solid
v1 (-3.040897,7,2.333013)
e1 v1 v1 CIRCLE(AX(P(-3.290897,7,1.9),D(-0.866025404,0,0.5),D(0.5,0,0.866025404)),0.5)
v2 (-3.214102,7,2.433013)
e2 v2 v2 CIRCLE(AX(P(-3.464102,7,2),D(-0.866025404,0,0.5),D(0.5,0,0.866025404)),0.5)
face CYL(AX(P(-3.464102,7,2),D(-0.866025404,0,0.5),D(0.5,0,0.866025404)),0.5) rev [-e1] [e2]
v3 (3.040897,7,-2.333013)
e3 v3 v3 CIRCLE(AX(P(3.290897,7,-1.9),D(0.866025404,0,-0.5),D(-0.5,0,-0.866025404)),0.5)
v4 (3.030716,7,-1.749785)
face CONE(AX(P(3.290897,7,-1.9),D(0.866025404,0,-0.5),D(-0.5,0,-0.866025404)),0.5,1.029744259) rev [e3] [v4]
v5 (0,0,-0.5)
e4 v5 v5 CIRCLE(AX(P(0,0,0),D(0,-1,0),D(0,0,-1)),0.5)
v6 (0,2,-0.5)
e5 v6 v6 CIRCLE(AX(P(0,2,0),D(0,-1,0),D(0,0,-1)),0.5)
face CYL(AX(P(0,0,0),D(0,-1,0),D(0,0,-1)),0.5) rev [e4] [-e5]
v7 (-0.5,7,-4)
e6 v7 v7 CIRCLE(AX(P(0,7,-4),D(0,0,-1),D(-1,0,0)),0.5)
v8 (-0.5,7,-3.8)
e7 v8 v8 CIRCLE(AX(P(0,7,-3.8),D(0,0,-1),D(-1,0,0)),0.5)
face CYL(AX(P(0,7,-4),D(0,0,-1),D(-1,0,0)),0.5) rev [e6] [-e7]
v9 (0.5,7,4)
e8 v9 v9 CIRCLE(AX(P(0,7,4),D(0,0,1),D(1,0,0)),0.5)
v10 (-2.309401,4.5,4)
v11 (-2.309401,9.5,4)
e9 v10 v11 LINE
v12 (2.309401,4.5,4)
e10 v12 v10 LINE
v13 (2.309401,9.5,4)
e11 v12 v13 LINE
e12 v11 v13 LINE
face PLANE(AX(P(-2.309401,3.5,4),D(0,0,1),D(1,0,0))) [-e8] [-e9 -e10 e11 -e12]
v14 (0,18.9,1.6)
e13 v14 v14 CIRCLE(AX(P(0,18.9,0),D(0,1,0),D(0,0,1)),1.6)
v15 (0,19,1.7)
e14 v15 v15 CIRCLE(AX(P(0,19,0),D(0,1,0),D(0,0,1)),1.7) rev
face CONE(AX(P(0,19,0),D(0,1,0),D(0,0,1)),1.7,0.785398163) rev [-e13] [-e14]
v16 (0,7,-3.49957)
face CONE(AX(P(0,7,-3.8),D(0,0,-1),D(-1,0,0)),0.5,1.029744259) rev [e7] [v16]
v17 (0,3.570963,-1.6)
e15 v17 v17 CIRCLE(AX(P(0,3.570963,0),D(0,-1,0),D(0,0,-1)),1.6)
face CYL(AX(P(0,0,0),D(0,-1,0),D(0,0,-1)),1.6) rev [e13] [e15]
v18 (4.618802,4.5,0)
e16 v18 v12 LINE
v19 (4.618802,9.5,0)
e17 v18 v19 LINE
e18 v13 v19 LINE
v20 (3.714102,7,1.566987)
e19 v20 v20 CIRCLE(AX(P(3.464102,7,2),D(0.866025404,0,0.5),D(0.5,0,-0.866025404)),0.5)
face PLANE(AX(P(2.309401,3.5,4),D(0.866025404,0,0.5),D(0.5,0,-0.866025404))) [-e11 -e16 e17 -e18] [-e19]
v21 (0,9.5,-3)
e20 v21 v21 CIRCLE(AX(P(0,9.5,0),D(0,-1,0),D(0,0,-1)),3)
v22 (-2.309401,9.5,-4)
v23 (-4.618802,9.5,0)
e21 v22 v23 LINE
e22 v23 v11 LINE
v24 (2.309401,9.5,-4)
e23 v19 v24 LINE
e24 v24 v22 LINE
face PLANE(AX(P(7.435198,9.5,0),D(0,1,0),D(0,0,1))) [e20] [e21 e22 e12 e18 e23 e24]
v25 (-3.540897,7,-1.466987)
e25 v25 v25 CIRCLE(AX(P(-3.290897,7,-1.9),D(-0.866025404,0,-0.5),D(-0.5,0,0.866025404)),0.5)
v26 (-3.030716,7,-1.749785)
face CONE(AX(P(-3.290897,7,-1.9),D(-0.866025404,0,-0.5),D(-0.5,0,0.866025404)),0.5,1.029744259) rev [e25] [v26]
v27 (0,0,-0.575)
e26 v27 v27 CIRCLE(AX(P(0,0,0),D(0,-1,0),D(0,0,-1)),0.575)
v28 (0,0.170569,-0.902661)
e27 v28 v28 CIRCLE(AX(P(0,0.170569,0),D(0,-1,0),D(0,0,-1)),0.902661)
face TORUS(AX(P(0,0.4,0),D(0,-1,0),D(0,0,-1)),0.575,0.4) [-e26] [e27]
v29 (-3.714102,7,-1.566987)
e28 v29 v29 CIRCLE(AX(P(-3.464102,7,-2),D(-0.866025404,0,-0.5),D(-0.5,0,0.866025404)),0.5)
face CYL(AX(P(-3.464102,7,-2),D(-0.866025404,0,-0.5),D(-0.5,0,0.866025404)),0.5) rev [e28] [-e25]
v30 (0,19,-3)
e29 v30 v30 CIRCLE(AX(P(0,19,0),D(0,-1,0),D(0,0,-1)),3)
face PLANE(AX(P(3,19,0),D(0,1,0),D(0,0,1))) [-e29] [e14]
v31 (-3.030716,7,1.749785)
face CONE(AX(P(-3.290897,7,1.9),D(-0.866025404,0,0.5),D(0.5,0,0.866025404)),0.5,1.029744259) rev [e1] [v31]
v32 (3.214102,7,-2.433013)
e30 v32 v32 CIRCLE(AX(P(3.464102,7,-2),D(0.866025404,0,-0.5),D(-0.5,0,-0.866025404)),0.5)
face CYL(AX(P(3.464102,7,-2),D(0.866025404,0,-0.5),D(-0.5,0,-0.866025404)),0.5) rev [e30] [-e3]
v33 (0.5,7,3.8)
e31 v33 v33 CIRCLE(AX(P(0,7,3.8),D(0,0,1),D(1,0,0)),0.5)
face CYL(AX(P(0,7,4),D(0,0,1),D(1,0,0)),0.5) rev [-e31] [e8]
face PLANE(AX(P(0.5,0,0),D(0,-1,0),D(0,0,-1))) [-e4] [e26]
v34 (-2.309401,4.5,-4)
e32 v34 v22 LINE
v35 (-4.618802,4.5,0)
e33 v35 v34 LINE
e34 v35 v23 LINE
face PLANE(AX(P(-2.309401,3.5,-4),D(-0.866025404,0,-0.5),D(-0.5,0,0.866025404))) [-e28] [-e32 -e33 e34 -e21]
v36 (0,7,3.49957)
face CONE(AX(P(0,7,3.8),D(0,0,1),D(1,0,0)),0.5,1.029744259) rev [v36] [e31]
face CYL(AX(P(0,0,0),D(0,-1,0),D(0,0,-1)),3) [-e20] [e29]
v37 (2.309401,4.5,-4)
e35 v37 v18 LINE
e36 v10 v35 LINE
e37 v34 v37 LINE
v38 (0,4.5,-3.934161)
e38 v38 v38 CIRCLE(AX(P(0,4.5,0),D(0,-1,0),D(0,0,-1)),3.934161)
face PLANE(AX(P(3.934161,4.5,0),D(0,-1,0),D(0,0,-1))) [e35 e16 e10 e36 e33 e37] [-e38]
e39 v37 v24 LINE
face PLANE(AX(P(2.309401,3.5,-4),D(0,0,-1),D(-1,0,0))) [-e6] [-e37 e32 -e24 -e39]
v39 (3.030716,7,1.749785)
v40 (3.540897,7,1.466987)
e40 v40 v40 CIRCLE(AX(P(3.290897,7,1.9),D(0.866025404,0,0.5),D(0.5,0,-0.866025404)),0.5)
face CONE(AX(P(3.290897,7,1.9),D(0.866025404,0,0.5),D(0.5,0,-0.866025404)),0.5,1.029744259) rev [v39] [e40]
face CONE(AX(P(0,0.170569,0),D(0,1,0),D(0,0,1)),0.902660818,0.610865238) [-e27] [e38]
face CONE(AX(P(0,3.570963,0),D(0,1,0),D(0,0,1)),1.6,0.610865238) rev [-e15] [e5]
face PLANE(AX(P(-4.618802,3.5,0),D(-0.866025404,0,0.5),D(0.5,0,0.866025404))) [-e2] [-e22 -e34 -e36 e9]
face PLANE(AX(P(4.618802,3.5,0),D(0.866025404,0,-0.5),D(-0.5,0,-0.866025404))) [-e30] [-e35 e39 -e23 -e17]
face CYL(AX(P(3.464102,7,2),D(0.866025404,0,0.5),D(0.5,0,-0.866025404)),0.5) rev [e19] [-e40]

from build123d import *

# Parameters (mm, degrees)
CORTAR_EXTRUIR1_START                       = 1
CROQUIS2_R                                  = 7.435198433
CORTAR_EXTRUIR1_DEPTH                       = 7
CHAFL_N1_SIZE                               = 0.1
DI_METRO_DE_TALADRO_1_0_1_1_D               = 1
DI_METRO_DE_TALADRO_1_0_1_1_DEPTH           = 0.2
DI_METRO_DE_TALADRO_1_0_1_1_TIP             = 0.30043031
DI_METRO_DE_TALADRO_1_0_1_1_ON_FACE_2_D     = 1
DI_METRO_DE_TALADRO_1_0_1_1_ON_FACE_2_DEPTH = 0.2
DI_METRO_DE_TALADRO_1_0_1_1_ON_FACE_2_TIP   = 0.30043031
DI_METRO_DE_TALADRO_1_0_1_1_ON_FACE_3_D     = 1
DI_METRO_DE_TALADRO_1_0_1_1_ON_FACE_3_DEPTH = 0.2
DI_METRO_DE_TALADRO_1_0_1_1_ON_FACE_3_TIP   = 0.30043031
DI_METRO_DE_TALADRO_1_0_1_1_ON_FACE_4_D     = 1
DI_METRO_DE_TALADRO_1_0_1_1_ON_FACE_4_DEPTH = 0.2
DI_METRO_DE_TALADRO_1_0_1_1_ON_FACE_4_TIP   = 0.30043031
DI_METRO_DE_TALADRO_1_0_1_1_ON_FACE_5_D     = 1
DI_METRO_DE_TALADRO_1_0_1_1_ON_FACE_5_DEPTH = 0.2
DI_METRO_DE_TALADRO_1_0_1_1_ON_FACE_5_TIP   = 0.30043031
DI_METRO_DE_TALADRO_1_0_1_1_ON_FACE_6_D     = 1
DI_METRO_DE_TALADRO_1_0_1_1_ON_FACE_6_DEPTH = 0.2
DI_METRO_DE_TALADRO_1_0_1_1_ON_FACE_6_TIP   = 0.30043031


with BuildPart() as part:
    # Croquis1 → Revolución1 (revolve)
    with BuildSketch(Plane.XY):
        with BuildLine():
            Line((0.5, 0), (0.575, 0))
            ThreePointArc((0.575, 0), (0.759699445, 0.045195667), (0.902660818, 0.170569425))
            Line((0.902660818, 0.170569425), (3.934160742, 4.5))
            Line((3.934160742, 4.5), (6.64058638, 4.5))
            Line((6.64058638, 4.5), (6.64058638, 8.36517638))
            Line((6.64058638, 8.36517638), (7.435198433, 9.5))
            Line((7.435198433, 9.5), (3, 9.5))
            Line((3, 9.5), (3, 19))
            Line((3, 19), (1.6, 19))
            Line((1.6, 19), (1.6, 3.570962807))
            Line((1.6, 3.570962807), (0.5, 2))
            Line((0.5, 2), (0.5, 0))
        make_face()
    revolve(axis=Axis((0, 0, 0), (0, 1, 0)))

    # Croquis2 → Cortar-Extruir1 (cut)
    with BuildSketch(Plane(origin=(0, 9.5, 0), x_dir=(1, 0, 0), z_dir=(0, 1, 0)).offset(CORTAR_EXTRUIR1_START)):
        Circle(CROQUIS2_R)
        Polygon((2.309401077, 4), (-2.309401077, 4), (-4.618802154, 0), (-2.309401077, -4), (2.309401077, -4), (4.618802154, 0), align=None, mode=Mode.SUBTRACT)
    extrude(amount=-CORTAR_EXTRUIR1_DEPTH, mode=Mode.SUBTRACT)

    # Chaflán1
    chafl_n1_edges = [part.edges().sort_by_distance(p)[0] for p in [
        (-1.6, 19, 0),
    ]]
    chamfer(chafl_n1_edges, length=CHAFL_N1_SIZE)

    # Diámetro de taladro Ø1.0 (1)1
    with Locations(Plane(origin=(0, 7, 4), x_dir=(1, 0, 0), z_dir=(0, 0, 1))):
        with Locations((0, 0)):
            Hole(DI_METRO_DE_TALADRO_1_0_1_1_D / 2, depth=DI_METRO_DE_TALADRO_1_0_1_1_DEPTH)
            with Locations((0, 0, -(DI_METRO_DE_TALADRO_1_0_1_1_DEPTH + DI_METRO_DE_TALADRO_1_0_1_1_TIP / 2))):  # 118° drill point
                Cone(0, DI_METRO_DE_TALADRO_1_0_1_1_D / 2, DI_METRO_DE_TALADRO_1_0_1_1_TIP, mode=Mode.SUBTRACT)

    # Diámetro de taladro Ø1.0 (1)1 on face 2
    with Locations(Plane(origin=(3.464101615, 7, 2), x_dir=(-0.500000175, 0, 0.866025303), z_dir=(0.866025303, 0, 0.500000175))):
        with Locations((0, 0)):
            Hole(DI_METRO_DE_TALADRO_1_0_1_1_ON_FACE_2_D / 2, depth=DI_METRO_DE_TALADRO_1_0_1_1_ON_FACE_2_DEPTH)
            with Locations((0, 0, -(DI_METRO_DE_TALADRO_1_0_1_1_ON_FACE_2_DEPTH + DI_METRO_DE_TALADRO_1_0_1_1_ON_FACE_2_TIP / 2))):  # 118° drill point
                Cone(0, DI_METRO_DE_TALADRO_1_0_1_1_ON_FACE_2_D / 2, DI_METRO_DE_TALADRO_1_0_1_1_ON_FACE_2_TIP, mode=Mode.SUBTRACT)

    # Diámetro de taladro Ø1.0 (1)1 on face 3
    with Locations(Plane(origin=(3.464101615, 7, -2), x_dir=(0.500000175, 0, 0.866025303), z_dir=(0.866025303, 0, -0.500000175))):
        with Locations((0, 0)):
            Hole(DI_METRO_DE_TALADRO_1_0_1_1_ON_FACE_3_D / 2, depth=DI_METRO_DE_TALADRO_1_0_1_1_ON_FACE_3_DEPTH)
            with Locations((0, 0, -(DI_METRO_DE_TALADRO_1_0_1_1_ON_FACE_3_DEPTH + DI_METRO_DE_TALADRO_1_0_1_1_ON_FACE_3_TIP / 2))):  # 118° drill point
                Cone(0, DI_METRO_DE_TALADRO_1_0_1_1_ON_FACE_3_D / 2, DI_METRO_DE_TALADRO_1_0_1_1_ON_FACE_3_TIP, mode=Mode.SUBTRACT)

    # Diámetro de taladro Ø1.0 (1)1 on face 4
    with Locations(Plane(origin=(0, 7, -4), x_dir=(-1, 0, 0), z_dir=(0, 0, -1))):
        with Locations((0, 0)):
            Hole(DI_METRO_DE_TALADRO_1_0_1_1_ON_FACE_4_D / 2, depth=DI_METRO_DE_TALADRO_1_0_1_1_ON_FACE_4_DEPTH)
            with Locations((0, 0, -(DI_METRO_DE_TALADRO_1_0_1_1_ON_FACE_4_DEPTH + DI_METRO_DE_TALADRO_1_0_1_1_ON_FACE_4_TIP / 2))):  # 118° drill point
                Cone(0, DI_METRO_DE_TALADRO_1_0_1_1_ON_FACE_4_D / 2, DI_METRO_DE_TALADRO_1_0_1_1_ON_FACE_4_TIP, mode=Mode.SUBTRACT)

    # Diámetro de taladro Ø1.0 (1)1 on face 5
    with Locations(Plane(origin=(-3.464101615, 7, -2), x_dir=(0.500000175, 0, -0.866025303), z_dir=(-0.866025303, 0, -0.500000175))):
        with Locations((0, 0)):
            Hole(DI_METRO_DE_TALADRO_1_0_1_1_ON_FACE_5_D / 2, depth=DI_METRO_DE_TALADRO_1_0_1_1_ON_FACE_5_DEPTH)
            with Locations((0, 0, -(DI_METRO_DE_TALADRO_1_0_1_1_ON_FACE_5_DEPTH + DI_METRO_DE_TALADRO_1_0_1_1_ON_FACE_5_TIP / 2))):  # 118° drill point
                Cone(0, DI_METRO_DE_TALADRO_1_0_1_1_ON_FACE_5_D / 2, DI_METRO_DE_TALADRO_1_0_1_1_ON_FACE_5_TIP, mode=Mode.SUBTRACT)

    # Diámetro de taladro Ø1.0 (1)1 on face 6
    with Locations(Plane(origin=(-3.464101615, 7, 2), x_dir=(-0.500000175, 0, -0.866025303), z_dir=(-0.866025303, 0, 0.500000175))):
        with Locations((0, 0)):
            Hole(DI_METRO_DE_TALADRO_1_0_1_1_ON_FACE_6_D / 2, depth=DI_METRO_DE_TALADRO_1_0_1_1_ON_FACE_6_DEPTH)
            with Locations((0, 0, -(DI_METRO_DE_TALADRO_1_0_1_1_ON_FACE_6_DEPTH + DI_METRO_DE_TALADRO_1_0_1_1_ON_FACE_6_TIP / 2))):  # 118° drill point
                Cone(0, DI_METRO_DE_TALADRO_1_0_1_1_ON_FACE_6_D / 2, DI_METRO_DE_TALADRO_1_0_1_1_ON_FACE_6_TIP, mode=Mode.SUBTRACT)


solid = part.part
